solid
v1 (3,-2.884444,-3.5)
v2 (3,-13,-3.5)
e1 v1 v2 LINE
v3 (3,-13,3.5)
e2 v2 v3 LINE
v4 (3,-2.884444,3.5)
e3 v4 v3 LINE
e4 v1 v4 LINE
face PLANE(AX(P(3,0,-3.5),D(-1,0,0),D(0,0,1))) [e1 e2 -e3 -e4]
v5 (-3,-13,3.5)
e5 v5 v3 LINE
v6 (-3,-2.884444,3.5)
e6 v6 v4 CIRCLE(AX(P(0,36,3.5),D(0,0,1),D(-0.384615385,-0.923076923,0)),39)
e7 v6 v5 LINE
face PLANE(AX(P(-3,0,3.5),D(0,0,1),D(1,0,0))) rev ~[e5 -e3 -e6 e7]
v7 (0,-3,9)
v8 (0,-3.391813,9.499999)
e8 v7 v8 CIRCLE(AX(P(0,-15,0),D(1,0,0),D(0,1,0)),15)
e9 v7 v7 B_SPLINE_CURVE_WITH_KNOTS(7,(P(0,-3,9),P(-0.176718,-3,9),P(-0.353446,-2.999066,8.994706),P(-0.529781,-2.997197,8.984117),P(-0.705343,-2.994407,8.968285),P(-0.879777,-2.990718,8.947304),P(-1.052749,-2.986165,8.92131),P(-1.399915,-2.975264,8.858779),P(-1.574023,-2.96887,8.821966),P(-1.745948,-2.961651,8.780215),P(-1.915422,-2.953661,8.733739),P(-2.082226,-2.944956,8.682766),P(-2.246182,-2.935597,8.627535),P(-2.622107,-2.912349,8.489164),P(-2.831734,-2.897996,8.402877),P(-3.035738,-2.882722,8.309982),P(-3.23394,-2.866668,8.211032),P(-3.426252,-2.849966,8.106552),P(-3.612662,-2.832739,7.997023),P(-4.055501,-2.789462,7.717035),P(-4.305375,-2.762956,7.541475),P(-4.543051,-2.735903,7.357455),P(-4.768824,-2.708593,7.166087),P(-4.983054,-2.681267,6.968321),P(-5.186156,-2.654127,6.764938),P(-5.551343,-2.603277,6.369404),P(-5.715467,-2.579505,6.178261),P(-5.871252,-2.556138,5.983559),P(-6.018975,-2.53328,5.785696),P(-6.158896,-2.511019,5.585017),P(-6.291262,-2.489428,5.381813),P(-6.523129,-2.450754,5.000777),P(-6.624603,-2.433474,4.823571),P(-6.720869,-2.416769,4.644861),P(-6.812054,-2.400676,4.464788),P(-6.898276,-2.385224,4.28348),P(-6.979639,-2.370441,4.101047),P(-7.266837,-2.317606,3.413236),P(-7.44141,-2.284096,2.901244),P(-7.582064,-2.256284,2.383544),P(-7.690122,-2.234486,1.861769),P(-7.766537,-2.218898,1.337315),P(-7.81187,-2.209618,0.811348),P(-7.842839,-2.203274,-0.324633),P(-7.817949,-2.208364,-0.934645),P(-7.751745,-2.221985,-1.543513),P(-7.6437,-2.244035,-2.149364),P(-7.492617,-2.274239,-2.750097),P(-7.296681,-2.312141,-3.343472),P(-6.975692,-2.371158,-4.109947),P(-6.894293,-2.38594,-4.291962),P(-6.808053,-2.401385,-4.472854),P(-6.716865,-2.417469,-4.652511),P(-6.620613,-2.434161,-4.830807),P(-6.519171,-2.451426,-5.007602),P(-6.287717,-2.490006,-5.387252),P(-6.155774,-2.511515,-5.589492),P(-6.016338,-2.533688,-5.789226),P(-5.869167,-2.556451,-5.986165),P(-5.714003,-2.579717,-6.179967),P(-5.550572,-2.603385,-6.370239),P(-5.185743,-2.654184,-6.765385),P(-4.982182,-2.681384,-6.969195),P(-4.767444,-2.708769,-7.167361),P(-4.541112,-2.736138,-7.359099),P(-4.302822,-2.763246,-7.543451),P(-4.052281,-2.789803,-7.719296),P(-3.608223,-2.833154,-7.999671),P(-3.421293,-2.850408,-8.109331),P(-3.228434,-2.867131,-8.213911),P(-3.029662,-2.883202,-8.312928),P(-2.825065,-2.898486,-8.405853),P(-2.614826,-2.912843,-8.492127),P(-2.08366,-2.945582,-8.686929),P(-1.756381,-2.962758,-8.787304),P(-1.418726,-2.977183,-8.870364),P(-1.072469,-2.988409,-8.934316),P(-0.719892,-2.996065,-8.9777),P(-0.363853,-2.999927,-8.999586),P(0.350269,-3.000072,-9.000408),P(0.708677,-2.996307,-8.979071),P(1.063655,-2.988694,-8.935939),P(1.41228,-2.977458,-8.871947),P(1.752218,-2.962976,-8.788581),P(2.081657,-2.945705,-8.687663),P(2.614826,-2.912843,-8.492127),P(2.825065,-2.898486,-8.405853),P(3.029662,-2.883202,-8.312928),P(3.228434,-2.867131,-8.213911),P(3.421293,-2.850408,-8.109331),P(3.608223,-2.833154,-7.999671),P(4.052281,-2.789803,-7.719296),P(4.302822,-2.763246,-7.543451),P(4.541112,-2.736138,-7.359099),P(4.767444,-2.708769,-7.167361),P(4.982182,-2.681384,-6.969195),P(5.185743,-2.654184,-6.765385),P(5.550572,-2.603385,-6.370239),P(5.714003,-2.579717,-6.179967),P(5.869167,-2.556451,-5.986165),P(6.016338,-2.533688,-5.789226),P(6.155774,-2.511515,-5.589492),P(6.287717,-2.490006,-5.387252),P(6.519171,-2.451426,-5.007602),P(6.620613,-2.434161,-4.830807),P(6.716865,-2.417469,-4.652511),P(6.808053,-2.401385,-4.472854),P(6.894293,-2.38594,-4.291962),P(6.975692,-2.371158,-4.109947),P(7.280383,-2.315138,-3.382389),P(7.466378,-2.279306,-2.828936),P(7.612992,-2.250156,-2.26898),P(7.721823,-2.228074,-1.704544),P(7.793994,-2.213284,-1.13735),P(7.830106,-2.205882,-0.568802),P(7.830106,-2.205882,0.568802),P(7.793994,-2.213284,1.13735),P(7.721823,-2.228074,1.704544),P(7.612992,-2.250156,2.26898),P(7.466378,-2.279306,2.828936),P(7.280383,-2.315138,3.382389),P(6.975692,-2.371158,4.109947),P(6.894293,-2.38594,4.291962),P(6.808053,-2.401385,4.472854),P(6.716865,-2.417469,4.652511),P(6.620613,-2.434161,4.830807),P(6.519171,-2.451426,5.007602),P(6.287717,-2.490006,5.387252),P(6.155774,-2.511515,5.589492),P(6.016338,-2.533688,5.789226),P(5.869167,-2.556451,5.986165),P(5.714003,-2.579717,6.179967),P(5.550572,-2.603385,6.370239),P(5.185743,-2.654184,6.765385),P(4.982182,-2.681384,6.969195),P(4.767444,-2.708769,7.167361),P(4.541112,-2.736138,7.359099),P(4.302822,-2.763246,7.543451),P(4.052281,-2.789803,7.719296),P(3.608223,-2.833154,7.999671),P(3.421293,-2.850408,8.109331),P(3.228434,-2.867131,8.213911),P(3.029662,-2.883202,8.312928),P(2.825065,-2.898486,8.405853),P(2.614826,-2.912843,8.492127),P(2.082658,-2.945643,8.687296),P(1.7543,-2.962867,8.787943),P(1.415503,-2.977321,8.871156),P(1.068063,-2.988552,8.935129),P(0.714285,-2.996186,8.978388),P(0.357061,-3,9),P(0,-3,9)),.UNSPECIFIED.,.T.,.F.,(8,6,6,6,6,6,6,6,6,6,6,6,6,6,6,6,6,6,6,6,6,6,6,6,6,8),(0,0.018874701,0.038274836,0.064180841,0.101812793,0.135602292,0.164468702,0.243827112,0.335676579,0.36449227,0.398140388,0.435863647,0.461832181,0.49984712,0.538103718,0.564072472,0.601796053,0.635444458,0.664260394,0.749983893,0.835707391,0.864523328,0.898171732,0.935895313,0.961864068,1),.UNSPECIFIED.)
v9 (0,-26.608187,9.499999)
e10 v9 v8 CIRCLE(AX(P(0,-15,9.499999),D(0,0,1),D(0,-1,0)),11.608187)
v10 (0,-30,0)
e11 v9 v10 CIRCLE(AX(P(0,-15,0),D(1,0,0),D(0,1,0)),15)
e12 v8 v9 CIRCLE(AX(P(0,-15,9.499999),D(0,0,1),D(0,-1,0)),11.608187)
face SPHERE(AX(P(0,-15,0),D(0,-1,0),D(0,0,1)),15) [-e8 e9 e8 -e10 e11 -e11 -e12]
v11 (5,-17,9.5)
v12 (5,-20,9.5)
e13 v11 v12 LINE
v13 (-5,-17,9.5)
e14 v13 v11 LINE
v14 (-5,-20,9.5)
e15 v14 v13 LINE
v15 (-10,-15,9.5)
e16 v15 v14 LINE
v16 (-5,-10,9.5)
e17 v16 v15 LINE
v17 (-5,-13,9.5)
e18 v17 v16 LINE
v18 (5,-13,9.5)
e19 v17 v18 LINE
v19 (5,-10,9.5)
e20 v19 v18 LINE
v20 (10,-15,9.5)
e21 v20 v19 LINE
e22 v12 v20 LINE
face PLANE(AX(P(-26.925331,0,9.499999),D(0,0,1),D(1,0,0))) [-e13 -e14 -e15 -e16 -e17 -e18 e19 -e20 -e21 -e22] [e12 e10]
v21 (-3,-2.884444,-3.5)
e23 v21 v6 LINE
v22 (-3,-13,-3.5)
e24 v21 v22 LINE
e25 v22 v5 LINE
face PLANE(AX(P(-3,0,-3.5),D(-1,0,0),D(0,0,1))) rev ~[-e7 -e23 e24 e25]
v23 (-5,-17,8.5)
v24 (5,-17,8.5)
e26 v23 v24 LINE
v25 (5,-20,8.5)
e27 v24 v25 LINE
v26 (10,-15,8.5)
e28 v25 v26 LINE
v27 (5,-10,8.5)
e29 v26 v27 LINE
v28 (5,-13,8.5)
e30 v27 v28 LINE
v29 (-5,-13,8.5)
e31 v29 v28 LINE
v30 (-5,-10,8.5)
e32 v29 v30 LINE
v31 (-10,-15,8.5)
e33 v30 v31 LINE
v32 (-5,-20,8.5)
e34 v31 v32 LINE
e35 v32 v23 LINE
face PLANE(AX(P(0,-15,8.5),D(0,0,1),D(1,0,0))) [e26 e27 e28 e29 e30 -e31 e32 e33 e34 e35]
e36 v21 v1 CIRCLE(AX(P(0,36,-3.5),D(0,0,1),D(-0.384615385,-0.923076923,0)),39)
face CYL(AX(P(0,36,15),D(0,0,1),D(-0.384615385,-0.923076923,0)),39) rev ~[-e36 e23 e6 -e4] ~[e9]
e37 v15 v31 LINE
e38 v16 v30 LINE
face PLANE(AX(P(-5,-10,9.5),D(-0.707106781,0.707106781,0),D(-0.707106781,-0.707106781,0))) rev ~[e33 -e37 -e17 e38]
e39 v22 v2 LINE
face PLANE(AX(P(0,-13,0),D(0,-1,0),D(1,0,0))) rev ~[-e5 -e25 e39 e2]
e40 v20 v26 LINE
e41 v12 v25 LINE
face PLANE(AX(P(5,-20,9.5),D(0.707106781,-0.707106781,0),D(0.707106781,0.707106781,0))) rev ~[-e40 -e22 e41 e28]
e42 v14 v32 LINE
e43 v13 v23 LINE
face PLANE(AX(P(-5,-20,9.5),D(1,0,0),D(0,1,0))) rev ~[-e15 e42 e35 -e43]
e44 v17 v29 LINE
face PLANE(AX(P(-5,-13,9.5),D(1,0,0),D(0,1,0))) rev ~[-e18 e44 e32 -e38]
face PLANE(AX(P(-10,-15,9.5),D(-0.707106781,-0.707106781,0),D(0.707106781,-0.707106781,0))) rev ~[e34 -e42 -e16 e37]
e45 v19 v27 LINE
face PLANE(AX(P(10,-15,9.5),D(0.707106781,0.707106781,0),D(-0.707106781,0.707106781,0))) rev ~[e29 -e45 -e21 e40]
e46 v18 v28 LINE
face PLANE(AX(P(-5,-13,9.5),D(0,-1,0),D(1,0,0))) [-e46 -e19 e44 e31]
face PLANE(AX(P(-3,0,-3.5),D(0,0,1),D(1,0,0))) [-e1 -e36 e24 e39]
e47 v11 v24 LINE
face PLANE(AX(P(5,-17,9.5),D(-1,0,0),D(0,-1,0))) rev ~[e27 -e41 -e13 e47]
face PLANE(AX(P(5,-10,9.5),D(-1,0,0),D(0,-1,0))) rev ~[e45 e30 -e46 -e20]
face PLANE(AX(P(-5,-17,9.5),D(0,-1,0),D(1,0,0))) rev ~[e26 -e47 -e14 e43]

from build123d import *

# Parameters (mm, degrees)
F4_DEPTH  = 30.001
F5_W      = 6
F5_H      = 7
F6_DEPTH  = 13
F7_W      = 50.395424
F7_H      = 8.032865
F8_DEPTH  = 30.001
F9_W      = 10
F9_H      = 4
F10_DEPTH = 1


with BuildPart() as f1:
    # F0 (on Right) → F1 (revolve)
    with BuildSketch(Plane.YZ):
        with BuildLine():
            Line((-30, 0), (0, 0))
            ThreePointArc((0, 0), (-15, 15), (-30, 0))
        make_face()
    revolve(axis=Axis((0, -15, 0), (0, -1, 0)))

    # F3 (on offset) → F4 (cut, through all)
    with BuildSketch(Plane.XY.offset(15)):
        with BuildLine():
            Line((15, 0), (0, 0))
            Line((0, 0), (-15, 0))
            ThreePointArc((-15, 0), (0, -3), (15, 0))
        make_face()
    extrude(amount=-F4_DEPTH, mode=Mode.SUBTRACT)

    # F5 (on Front) → F6 (cut)
    with BuildSketch(Plane.XZ):
        Rectangle(F5_W, F5_H)
    extrude(amount=F6_DEPTH, mode=Mode.SUBTRACT)

    # F7 (on Front) → F8 (cut, through all)
    with BuildSketch(Plane.XZ):
        with Locations((-1.727619, 13.516432)):
            Rectangle(F7_W, F7_H)
    extrude(amount=F8_DEPTH, mode=Mode.SUBTRACT)

    # F9 (on face) → F10 (cut)
    with BuildSketch(Plane.XY.offset(9.5)):
        with Locations((0, -15)):
            Rectangle(F9_W, F9_H)
        Polygon((-5, -17), (-5, -13), (-5, -10), (-10, -15), (-5, -20), align=None)
        Polygon((5, -10), (5, -13), (5, -17), (5, -20), (10, -15), align=None)
    extrude(amount=-F10_DEPTH, mode=Mode.SUBTRACT)


solid = f1.part
